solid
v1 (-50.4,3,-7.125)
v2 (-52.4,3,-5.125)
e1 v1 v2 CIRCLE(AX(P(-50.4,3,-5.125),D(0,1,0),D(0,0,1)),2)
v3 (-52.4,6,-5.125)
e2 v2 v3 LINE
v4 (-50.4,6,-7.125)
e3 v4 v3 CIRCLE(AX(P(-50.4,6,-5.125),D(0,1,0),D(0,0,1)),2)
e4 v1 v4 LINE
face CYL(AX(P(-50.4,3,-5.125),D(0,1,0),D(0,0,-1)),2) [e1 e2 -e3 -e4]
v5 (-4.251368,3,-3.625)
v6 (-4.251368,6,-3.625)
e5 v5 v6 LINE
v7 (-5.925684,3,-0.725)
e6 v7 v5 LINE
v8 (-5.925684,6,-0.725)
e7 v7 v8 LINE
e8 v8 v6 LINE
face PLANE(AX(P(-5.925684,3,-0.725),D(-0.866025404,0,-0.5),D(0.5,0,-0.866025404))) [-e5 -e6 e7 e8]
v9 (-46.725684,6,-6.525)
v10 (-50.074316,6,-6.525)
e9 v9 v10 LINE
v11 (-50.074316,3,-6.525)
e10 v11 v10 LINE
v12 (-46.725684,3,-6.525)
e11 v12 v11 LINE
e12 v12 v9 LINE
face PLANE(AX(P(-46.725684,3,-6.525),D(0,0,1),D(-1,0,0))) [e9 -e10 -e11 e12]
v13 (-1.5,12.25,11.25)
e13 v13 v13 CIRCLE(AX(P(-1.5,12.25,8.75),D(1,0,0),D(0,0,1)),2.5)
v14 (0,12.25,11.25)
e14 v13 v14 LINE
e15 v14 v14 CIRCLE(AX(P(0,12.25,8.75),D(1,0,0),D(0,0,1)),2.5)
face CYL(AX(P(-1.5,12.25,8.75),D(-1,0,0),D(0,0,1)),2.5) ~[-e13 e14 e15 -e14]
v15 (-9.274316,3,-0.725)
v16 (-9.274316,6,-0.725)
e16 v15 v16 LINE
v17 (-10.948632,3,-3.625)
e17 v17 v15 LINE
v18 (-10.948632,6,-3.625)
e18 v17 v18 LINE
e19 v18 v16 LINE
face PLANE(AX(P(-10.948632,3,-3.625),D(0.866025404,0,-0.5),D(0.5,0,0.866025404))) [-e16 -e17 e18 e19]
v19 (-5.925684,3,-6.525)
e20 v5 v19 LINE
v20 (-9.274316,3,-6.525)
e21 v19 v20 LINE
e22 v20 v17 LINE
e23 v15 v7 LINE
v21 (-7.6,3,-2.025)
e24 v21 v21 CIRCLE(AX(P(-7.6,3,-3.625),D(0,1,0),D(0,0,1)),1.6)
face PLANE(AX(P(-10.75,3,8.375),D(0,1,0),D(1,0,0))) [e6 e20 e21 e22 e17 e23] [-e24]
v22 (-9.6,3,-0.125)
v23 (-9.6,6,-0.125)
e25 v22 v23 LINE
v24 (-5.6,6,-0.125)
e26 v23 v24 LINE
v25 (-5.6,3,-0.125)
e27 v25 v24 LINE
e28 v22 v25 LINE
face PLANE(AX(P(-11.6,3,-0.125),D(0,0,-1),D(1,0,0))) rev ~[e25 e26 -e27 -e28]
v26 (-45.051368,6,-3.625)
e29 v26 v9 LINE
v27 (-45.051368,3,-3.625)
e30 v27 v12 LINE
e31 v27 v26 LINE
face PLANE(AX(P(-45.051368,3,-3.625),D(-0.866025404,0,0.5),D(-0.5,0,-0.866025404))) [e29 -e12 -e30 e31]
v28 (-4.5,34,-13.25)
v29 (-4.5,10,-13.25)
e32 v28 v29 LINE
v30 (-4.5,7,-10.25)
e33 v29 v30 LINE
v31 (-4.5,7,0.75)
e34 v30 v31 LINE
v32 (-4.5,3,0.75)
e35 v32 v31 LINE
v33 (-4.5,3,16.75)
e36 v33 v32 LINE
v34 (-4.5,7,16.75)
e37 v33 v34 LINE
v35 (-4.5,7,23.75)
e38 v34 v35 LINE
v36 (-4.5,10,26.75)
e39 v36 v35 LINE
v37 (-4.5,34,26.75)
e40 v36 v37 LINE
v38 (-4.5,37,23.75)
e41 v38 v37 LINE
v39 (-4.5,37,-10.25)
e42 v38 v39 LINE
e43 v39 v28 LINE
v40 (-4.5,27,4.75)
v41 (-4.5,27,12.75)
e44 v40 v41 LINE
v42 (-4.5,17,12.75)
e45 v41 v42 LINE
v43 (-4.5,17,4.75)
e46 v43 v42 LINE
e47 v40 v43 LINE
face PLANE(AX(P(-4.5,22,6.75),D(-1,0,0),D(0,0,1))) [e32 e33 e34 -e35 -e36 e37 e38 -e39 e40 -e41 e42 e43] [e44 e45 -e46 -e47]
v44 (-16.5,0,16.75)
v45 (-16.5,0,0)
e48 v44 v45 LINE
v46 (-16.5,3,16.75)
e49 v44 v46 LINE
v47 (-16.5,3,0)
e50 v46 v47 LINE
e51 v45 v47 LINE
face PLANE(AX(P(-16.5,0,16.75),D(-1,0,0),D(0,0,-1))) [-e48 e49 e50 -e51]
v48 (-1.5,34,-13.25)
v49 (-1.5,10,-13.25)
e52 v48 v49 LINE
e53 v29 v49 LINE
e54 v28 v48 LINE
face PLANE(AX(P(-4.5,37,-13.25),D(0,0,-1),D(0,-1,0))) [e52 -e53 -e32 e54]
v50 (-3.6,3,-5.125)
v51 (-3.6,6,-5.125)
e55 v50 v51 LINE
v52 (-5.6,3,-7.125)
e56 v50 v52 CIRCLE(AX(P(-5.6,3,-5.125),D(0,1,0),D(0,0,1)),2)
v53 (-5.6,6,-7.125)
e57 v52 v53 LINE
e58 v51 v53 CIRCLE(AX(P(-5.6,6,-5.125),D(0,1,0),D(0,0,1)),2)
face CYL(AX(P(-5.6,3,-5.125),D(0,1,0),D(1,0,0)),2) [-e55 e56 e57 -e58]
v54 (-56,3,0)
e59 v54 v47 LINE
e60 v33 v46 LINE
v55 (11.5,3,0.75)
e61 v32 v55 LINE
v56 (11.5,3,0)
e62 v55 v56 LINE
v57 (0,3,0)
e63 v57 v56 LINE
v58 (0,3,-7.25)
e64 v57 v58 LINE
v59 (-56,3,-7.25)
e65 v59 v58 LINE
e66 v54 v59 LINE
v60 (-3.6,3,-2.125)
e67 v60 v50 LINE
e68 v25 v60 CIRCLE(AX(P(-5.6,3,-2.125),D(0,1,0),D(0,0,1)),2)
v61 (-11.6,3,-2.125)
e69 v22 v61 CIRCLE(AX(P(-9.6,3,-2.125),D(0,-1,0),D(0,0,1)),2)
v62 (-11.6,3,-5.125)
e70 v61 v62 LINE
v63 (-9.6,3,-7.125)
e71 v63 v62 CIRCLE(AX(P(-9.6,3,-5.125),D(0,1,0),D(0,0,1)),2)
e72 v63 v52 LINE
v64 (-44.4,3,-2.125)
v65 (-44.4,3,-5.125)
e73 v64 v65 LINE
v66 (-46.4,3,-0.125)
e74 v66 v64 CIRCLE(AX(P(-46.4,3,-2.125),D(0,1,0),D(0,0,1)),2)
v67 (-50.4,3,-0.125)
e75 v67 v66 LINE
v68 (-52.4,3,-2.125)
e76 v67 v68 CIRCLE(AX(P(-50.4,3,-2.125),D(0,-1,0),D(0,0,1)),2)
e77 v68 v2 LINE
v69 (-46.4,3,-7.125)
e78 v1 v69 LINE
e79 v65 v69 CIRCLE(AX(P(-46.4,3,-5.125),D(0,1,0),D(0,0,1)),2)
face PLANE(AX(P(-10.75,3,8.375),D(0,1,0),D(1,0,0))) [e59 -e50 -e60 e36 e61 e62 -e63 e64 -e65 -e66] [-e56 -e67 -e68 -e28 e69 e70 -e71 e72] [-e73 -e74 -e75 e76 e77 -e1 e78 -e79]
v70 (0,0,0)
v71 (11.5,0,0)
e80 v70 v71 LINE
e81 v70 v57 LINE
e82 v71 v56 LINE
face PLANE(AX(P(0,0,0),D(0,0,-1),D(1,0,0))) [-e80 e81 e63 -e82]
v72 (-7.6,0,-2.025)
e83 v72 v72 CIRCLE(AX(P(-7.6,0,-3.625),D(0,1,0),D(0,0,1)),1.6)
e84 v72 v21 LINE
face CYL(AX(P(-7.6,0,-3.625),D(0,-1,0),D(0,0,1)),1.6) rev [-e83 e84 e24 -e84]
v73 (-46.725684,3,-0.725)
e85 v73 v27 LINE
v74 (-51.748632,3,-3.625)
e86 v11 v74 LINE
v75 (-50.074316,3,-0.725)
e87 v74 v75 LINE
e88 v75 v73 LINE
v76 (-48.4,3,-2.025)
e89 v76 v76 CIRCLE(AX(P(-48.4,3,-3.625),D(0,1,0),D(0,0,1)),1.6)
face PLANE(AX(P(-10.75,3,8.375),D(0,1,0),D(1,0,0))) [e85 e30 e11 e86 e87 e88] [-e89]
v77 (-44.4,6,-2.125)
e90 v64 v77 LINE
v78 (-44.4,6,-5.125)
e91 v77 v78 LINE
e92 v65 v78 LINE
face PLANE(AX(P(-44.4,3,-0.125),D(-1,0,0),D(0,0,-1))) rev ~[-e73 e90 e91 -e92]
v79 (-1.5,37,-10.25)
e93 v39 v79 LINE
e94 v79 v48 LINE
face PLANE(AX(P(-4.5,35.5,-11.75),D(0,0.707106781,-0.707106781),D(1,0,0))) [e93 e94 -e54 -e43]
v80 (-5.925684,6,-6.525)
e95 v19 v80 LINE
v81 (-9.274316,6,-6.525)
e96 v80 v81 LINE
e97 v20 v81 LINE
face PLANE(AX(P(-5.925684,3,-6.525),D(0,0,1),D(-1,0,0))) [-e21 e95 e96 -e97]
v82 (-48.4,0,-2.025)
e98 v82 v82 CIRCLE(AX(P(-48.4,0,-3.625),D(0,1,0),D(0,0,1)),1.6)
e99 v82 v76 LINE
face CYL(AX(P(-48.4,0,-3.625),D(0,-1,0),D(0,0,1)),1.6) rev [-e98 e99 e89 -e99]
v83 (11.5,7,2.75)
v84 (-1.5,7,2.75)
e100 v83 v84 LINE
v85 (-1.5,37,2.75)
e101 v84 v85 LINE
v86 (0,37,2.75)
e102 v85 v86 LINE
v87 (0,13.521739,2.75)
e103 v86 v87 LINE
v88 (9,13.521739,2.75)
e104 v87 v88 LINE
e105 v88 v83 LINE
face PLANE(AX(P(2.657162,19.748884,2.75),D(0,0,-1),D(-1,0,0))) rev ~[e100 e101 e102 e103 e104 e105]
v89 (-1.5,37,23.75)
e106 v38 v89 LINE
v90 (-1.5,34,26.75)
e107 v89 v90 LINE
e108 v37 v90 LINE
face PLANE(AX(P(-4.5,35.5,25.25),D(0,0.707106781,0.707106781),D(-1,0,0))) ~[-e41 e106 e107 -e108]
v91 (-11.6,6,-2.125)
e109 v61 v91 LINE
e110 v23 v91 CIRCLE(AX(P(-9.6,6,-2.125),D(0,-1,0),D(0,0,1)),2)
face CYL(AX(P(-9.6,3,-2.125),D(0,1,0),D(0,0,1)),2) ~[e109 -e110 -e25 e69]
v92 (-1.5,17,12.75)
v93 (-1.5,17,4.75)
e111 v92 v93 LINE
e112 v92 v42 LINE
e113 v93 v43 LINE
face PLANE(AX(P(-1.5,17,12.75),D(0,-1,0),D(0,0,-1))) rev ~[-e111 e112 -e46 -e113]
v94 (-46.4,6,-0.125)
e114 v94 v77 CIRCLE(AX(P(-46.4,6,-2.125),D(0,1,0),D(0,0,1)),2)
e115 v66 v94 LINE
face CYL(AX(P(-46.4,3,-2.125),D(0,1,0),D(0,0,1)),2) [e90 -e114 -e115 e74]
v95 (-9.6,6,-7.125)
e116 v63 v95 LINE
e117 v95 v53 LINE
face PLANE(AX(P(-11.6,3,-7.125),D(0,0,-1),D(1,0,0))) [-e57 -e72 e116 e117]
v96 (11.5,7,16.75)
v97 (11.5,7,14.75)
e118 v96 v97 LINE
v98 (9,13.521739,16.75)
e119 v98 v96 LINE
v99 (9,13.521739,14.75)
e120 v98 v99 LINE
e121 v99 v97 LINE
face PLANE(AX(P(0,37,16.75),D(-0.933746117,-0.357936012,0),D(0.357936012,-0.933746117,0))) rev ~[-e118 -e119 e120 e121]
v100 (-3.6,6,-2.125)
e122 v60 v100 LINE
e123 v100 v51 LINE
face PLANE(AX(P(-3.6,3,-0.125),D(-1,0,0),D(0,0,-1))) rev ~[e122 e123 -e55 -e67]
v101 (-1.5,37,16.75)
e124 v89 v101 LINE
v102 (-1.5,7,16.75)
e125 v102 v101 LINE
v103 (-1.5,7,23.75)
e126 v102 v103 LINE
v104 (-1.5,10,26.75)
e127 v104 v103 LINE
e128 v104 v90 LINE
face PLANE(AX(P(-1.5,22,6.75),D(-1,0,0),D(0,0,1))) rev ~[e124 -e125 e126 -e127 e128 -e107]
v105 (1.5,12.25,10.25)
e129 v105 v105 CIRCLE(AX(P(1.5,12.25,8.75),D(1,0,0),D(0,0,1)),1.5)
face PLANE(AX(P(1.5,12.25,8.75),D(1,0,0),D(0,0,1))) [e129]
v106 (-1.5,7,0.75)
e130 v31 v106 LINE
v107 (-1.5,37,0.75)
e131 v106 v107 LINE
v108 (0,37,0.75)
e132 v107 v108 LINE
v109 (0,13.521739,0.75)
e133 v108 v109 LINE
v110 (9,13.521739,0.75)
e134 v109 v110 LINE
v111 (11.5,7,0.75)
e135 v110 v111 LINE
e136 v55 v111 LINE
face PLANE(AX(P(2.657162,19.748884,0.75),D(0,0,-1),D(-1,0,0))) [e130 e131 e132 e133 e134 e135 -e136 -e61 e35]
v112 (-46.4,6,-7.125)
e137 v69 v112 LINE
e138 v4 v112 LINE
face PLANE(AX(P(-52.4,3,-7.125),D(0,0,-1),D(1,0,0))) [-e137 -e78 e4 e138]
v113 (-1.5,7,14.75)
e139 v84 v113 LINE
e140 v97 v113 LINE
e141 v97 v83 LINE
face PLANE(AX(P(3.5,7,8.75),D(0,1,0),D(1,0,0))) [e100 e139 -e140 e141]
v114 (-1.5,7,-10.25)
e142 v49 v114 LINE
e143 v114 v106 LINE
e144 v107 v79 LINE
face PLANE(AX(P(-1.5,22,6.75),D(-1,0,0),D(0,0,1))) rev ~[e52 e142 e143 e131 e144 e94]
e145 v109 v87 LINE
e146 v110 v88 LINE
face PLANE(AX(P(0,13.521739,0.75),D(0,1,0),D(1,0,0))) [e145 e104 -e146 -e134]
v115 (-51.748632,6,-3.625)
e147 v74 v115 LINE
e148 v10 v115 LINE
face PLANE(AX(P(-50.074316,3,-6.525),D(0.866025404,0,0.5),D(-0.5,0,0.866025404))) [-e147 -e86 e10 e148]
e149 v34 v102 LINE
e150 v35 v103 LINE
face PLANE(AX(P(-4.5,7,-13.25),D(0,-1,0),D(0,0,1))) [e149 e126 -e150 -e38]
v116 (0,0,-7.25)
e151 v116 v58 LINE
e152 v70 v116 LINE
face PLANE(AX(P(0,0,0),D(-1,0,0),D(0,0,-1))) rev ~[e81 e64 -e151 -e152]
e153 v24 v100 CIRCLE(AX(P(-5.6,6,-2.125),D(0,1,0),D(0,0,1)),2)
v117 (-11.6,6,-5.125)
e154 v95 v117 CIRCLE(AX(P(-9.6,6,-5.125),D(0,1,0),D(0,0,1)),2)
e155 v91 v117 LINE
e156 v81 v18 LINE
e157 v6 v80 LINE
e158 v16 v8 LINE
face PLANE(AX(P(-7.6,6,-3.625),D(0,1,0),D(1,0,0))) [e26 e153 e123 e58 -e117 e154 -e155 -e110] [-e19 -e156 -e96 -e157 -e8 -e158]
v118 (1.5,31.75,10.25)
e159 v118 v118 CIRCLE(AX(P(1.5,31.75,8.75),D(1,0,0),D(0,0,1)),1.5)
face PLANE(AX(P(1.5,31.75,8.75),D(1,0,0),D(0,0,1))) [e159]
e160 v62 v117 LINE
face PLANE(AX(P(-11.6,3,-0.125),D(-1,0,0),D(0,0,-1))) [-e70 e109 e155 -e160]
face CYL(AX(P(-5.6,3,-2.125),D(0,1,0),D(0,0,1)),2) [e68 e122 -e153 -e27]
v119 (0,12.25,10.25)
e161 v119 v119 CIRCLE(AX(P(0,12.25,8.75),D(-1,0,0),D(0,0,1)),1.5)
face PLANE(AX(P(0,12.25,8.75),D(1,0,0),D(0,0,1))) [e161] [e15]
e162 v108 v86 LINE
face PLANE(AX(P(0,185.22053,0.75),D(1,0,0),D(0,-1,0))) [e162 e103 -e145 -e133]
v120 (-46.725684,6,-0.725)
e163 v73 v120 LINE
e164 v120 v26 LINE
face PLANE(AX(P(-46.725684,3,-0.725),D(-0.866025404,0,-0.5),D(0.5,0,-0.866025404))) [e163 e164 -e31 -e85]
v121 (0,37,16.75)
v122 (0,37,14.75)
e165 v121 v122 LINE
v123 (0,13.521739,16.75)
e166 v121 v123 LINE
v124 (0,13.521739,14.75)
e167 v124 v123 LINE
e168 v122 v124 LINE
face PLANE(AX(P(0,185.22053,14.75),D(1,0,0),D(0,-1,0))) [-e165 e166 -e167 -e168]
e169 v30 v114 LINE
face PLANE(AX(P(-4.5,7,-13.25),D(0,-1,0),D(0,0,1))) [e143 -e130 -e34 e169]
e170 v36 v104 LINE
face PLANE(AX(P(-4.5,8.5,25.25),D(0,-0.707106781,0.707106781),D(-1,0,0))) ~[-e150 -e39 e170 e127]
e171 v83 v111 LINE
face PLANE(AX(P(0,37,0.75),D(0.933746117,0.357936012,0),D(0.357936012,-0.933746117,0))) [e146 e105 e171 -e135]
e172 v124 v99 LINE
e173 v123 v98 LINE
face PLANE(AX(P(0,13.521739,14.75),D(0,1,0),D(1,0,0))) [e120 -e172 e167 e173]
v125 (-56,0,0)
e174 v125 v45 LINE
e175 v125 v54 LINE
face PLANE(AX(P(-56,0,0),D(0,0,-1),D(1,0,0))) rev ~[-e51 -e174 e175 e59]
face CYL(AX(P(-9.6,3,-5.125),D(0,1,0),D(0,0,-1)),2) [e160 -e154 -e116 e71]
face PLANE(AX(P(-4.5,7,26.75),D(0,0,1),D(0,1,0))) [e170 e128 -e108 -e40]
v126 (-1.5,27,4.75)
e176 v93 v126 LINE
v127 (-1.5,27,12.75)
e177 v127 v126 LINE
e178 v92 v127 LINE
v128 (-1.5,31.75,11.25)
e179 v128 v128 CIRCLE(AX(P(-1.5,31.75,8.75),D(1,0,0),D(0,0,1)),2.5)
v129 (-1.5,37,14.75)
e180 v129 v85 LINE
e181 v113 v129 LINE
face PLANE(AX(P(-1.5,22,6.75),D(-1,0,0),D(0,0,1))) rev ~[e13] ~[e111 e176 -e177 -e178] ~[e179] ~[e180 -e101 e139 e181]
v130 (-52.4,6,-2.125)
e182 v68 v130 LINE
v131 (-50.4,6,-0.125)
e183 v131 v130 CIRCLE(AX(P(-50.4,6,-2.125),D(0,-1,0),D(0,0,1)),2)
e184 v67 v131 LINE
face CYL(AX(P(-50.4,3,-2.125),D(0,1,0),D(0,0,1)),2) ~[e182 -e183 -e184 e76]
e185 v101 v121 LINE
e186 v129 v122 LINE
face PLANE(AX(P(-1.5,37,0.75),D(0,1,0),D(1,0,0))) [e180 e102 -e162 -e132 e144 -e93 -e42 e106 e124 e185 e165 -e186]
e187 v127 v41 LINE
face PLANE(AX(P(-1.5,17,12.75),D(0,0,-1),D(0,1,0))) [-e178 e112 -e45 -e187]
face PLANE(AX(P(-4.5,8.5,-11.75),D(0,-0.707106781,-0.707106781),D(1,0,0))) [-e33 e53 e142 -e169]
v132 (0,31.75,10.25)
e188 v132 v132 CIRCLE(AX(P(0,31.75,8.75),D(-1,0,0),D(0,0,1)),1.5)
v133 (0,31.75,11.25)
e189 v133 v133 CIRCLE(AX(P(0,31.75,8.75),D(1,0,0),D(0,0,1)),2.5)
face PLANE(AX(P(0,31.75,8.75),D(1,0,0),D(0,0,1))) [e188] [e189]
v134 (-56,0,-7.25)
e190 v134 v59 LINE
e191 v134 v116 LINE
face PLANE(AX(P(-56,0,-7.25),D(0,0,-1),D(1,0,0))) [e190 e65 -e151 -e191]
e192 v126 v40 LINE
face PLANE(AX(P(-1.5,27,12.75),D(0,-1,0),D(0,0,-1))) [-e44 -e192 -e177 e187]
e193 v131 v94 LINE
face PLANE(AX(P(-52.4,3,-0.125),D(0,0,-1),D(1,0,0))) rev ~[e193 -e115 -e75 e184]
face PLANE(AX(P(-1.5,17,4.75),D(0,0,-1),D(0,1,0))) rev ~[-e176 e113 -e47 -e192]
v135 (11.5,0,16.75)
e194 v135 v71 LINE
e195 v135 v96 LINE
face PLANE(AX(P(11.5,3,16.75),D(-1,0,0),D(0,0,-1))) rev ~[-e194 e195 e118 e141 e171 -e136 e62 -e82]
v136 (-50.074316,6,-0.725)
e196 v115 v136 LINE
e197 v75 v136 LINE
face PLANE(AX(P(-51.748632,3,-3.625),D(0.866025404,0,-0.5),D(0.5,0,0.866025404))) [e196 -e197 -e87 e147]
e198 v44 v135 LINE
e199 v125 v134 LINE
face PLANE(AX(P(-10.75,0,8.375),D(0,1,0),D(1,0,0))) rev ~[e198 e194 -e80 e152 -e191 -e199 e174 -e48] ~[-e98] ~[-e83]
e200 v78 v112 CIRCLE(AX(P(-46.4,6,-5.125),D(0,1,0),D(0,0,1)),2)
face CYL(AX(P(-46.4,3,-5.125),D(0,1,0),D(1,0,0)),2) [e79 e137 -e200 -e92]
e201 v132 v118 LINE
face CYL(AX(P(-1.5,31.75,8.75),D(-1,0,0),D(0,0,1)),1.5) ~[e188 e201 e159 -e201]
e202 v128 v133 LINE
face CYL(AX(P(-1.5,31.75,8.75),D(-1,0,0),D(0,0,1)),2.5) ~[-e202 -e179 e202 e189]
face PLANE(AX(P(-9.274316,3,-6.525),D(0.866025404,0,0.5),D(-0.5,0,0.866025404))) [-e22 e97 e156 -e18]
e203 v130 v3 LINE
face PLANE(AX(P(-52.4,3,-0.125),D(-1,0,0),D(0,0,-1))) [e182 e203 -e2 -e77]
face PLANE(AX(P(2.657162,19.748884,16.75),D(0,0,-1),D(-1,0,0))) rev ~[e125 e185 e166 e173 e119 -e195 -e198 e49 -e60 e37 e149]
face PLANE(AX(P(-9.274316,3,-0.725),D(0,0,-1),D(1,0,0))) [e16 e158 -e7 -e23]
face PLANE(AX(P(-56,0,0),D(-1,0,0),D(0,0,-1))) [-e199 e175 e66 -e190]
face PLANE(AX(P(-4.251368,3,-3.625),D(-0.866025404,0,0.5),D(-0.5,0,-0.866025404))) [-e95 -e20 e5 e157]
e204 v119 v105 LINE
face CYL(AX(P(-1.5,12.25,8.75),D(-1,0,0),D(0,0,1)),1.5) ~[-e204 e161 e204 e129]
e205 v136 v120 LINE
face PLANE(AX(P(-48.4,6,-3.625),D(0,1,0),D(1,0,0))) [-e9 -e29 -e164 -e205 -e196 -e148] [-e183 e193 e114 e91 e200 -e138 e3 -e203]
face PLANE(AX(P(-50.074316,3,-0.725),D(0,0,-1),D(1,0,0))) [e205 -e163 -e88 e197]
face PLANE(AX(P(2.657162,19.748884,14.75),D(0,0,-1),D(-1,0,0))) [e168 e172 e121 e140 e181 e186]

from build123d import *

# Parameters (mm, degrees)
SKETCH1_W               = 56
SKETCH1_H               = 7.25
SKETCH1_R               = 1.6
SKETCH1_W_2             = 5
SKETCH1_H_2             = 16.75
SKETCH1_W_3             = 11.5
BOSS_EXTRUDE1_DEPTH     = 3
SKETCH2_W               = 8
SKETCH2_H               = 7
BOSS_EXTRUDE2_DEPTH     = 3
FILLET1_R               = 2
SKETCH3_W               = 16
SKETCH3_H               = 16
BOSS_EXTRUDE3_DEPTH     = 4
BOSS_EXTRUDE4_DEPTH     = 3
BOSS_EXTRUDE5_DEPTH     = 2
BOSS_EXTRUDE6_DEPTH     = 2
CHAMFER1_SIZE           = 3
SKETCH8_W               = 8
SKETCH8_H               = 10
CUT_EXTRUDE1_DEPTH      = 10
CUT_EXTRUDE2_DEPTH      = 74.518705103
CUT_EXTRUDE2_DEPTH_BACK = 2
CUT_EXTRUDE3_DEPTH      = 72.281133549
CUT_EXTRUDE3_DEPTH_BACK = 2
SKETCH11_R              = 1.5
BOSS_EXTRUDE7_DEPTH     = 3
SKETCH13_R              = 2.5
BOSS_EXTRUDE8_DEPTH     = 1.5


with BuildPart() as part:
    # Sketch1 → Boss-Extrude1 (new body)
    # profile 1 of 4: a face of its own
    with BuildSketch(Plane(origin=(0, 0, 0), x_dir=(1, 0, 0), z_dir=(0, 1, 0))):
        with Locations((-28, 3.625)):
            Rectangle(SKETCH1_W, SKETCH1_H)
        with Locations(Location((-7.6, 3.625, 0), (0, 0, 270))):
            Circle(SKETCH1_R, mode=Mode.SUBTRACT)
        with Locations(Location((-48.4, 3.625, 0), (0, 0, 270))):
            Circle(SKETCH1_R, mode=Mode.SUBTRACT)
    # profile 2 of 4: a face of its own
    with BuildSketch(Plane(origin=(0, 0, 0), x_dir=(1, 0, 0), z_dir=(0, 1, 0))):
        with Locations((-2.5, -8.375)):
            Rectangle(SKETCH1_W_2, SKETCH1_H_2)
    # profile 3 of 4: a face of its own
    with BuildSketch(Plane(origin=(0, 0, 0), x_dir=(1, 0, 0), z_dir=(0, 1, 0))):
        with Locations((5.75, -8.375)):
            Rectangle(SKETCH1_W_3, SKETCH1_H_2)
    # profile 4 of 4: a face of its own
    with BuildSketch(Plane(origin=(0, 0, 0), x_dir=(1, 0, 0), z_dir=(0, 1, 0))):
        with Locations((-10.75, -8.375)):
            Rectangle(SKETCH1_W_3, SKETCH1_H_2)
    extrude(amount=BOSS_EXTRUDE1_DEPTH)

    # Sketch2 → Boss-Extrude2 (add)
    # profile 1 of 2: a face of its own
    with BuildSketch(Plane(origin=(0, 3, 0), x_dir=(1, 0, 0), z_dir=(0, 1, 0))):
        with Locations((-48.4, 3.625)):
            Rectangle(SKETCH2_W, SKETCH2_H)
        Polygon((-46.725684219, 0.725), (-45.051368439, 3.625), (-46.725684219, 6.525), (-50.074315781, 6.525), (-51.748631561, 3.625), (-50.074315781, 0.725), align=None, mode=Mode.SUBTRACT)
    # profile 2 of 2: a face of its own
    with BuildSketch(Plane(origin=(0, 3, 0), x_dir=(1, 0, 0), z_dir=(0, 1, 0))):
        with Locations((-7.6, 3.625)):
            Rectangle(SKETCH2_W, SKETCH2_H)
        Polygon((-5.925684219, 0.725), (-4.251368439, 3.625), (-5.925684219, 6.525), (-9.274315781, 6.525), (-10.948631561, 3.625), (-9.274315781, 0.725), align=None, mode=Mode.SUBTRACT)
    extrude(amount=BOSS_EXTRUDE2_DEPTH)

    # Fillet1
    fillet1_edges = [part.edges().sort_by_distance(p)[0] for p in [
        (-44.4, 4.5, -0.125),
        (-44.4, 4.5, -7.125),
        (-52.4, 4.5, -7.125),
        (-52.4, 4.5, -0.125),
        (-3.6, 4.5, -0.125),
        (-3.6, 4.5, -7.125),
        (-11.6, 4.5, -7.125),
        (-11.6, 4.5, -0.125),
    ]]
    fillet(fillet1_edges, radius=FILLET1_R)

    # Sketch3 → Boss-Extrude3 (add)
    with BuildSketch(Plane(origin=(0, 3, 0), x_dir=(1, 0, 0), z_dir=(0, 1, 0))):
        with Locations((3.5, -8.75)):
            Rectangle(SKETCH3_W, SKETCH3_H)
    extrude(amount=BOSS_EXTRUDE3_DEPTH)

    # Sketch5 → Boss-Extrude4 (add)
    with BuildSketch(Plane.ZY.offset(4.5)):
        Polygon((-13.25, 7), (0.75, 7), (16.75, 7), (26.75, 7), (26.75, 37), (-13.25, 37), align=None)
    extrude(amount=-BOSS_EXTRUDE4_DEPTH)

    # Sketch6 → Boss-Extrude5 (add)
    with BuildSketch(Plane.XY.offset(16.75)):
        Polygon((-1.5, 37), (0, 37), (11.5, 7), (-1.5, 7), align=None)
    extrude(amount=-BOSS_EXTRUDE5_DEPTH)

    # Sketch7 → Boss-Extrude6 (add)
    with BuildSketch(Plane(origin=(0, 0, 0.75), x_dir=(-1, 0, 0), z_dir=(0, 0, -1))):
        Polygon((1.5, 37), (0, 37), (-11.5, 7), (1.5, 7), align=None)
    extrude(amount=-BOSS_EXTRUDE6_DEPTH)

    # Chamfer1
    chamfer1_edges = [part.edges().sort_by_distance(p)[0] for p in [
        (-3, 7, -13.25),
        (-3, 37, -13.25),
        (-3, 37, 26.75),
        (-3, 7, 26.75),
    ]]
    chamfer(chamfer1_edges, length=CHAMFER1_SIZE)

    # Sketch8 → Cut-Extrude1 (cut)
    with BuildSketch(Plane(origin=(-1.5, 0, 0), x_dir=(0, 0, -1), z_dir=(1, 0, 0))):
        with Locations((-8.75, 22)):
            Rectangle(SKETCH8_W, SKETCH8_H)
    extrude(amount=-CUT_EXTRUDE1_DEPTH, mode=Mode.SUBTRACT)

    # Sketch9 → Cut-Extrude2 (cut, two sides: drawn at the far end of the back side and taken through both)
    with BuildSketch(Plane.XY.offset(16.75).offset(-CUT_EXTRUDE2_DEPTH_BACK)):
        Polygon((0, 185.220530074), (0, 37), (0, 13.52173913), (9, 13.52173913), (157.220530074, 13.52173913), (375.851096448, 213.716588185), (218.630566375, 385.415379128), align=None)
    extrude(amount=CUT_EXTRUDE2_DEPTH + CUT_EXTRUDE2_DEPTH_BACK, mode=Mode.SUBTRACT)

    # Sketch10 → Cut-Extrude3 (cut, two sides: drawn at the far end of the back side and taken through both)
    with BuildSketch(Plane.XY.offset(2.75).offset(-CUT_EXTRUDE3_DEPTH_BACK)):
        Polygon((0, 185.220530074), (0, 37), (0, 13.52173913), (9, 13.52173913), (157.220530074, 13.52173913), (375.851096448, 213.716588185), (218.630566375, 385.415379128), align=None)
    extrude(amount=CUT_EXTRUDE3_DEPTH + CUT_EXTRUDE3_DEPTH_BACK, mode=Mode.SUBTRACT)

    # Sketch11 → Boss-Extrude7 (add)
    with BuildSketch(Plane(origin=(-1.5, 0, 0), x_dir=(0, 0, -1), z_dir=(1, 0, 0))):
        with Locations(Location((-8.75, 31.75, 0), (0, 0, 180))):
            Circle(SKETCH11_R)
        with Locations(Location((-8.75, 12.25, 0), (0, 0, 180))):
            Circle(SKETCH11_R)
    extrude(amount=BOSS_EXTRUDE7_DEPTH)

    # Sketch13 → Boss-Extrude8 (add)
    with BuildSketch(Plane(origin=(-1.5, 0, 0), x_dir=(0, 0, -1), z_dir=(1, 0, 0))):
        with Locations(Location((-8.75, 31.75, 0), (0, 0, 180))):
            Circle(SKETCH13_R)
        with Locations(Location((-8.75, 12.25, 0), (0, 0, 180))):
            Circle(SKETCH13_R)
    extrude(amount=BOSS_EXTRUDE8_DEPTH)


solid = part.part
